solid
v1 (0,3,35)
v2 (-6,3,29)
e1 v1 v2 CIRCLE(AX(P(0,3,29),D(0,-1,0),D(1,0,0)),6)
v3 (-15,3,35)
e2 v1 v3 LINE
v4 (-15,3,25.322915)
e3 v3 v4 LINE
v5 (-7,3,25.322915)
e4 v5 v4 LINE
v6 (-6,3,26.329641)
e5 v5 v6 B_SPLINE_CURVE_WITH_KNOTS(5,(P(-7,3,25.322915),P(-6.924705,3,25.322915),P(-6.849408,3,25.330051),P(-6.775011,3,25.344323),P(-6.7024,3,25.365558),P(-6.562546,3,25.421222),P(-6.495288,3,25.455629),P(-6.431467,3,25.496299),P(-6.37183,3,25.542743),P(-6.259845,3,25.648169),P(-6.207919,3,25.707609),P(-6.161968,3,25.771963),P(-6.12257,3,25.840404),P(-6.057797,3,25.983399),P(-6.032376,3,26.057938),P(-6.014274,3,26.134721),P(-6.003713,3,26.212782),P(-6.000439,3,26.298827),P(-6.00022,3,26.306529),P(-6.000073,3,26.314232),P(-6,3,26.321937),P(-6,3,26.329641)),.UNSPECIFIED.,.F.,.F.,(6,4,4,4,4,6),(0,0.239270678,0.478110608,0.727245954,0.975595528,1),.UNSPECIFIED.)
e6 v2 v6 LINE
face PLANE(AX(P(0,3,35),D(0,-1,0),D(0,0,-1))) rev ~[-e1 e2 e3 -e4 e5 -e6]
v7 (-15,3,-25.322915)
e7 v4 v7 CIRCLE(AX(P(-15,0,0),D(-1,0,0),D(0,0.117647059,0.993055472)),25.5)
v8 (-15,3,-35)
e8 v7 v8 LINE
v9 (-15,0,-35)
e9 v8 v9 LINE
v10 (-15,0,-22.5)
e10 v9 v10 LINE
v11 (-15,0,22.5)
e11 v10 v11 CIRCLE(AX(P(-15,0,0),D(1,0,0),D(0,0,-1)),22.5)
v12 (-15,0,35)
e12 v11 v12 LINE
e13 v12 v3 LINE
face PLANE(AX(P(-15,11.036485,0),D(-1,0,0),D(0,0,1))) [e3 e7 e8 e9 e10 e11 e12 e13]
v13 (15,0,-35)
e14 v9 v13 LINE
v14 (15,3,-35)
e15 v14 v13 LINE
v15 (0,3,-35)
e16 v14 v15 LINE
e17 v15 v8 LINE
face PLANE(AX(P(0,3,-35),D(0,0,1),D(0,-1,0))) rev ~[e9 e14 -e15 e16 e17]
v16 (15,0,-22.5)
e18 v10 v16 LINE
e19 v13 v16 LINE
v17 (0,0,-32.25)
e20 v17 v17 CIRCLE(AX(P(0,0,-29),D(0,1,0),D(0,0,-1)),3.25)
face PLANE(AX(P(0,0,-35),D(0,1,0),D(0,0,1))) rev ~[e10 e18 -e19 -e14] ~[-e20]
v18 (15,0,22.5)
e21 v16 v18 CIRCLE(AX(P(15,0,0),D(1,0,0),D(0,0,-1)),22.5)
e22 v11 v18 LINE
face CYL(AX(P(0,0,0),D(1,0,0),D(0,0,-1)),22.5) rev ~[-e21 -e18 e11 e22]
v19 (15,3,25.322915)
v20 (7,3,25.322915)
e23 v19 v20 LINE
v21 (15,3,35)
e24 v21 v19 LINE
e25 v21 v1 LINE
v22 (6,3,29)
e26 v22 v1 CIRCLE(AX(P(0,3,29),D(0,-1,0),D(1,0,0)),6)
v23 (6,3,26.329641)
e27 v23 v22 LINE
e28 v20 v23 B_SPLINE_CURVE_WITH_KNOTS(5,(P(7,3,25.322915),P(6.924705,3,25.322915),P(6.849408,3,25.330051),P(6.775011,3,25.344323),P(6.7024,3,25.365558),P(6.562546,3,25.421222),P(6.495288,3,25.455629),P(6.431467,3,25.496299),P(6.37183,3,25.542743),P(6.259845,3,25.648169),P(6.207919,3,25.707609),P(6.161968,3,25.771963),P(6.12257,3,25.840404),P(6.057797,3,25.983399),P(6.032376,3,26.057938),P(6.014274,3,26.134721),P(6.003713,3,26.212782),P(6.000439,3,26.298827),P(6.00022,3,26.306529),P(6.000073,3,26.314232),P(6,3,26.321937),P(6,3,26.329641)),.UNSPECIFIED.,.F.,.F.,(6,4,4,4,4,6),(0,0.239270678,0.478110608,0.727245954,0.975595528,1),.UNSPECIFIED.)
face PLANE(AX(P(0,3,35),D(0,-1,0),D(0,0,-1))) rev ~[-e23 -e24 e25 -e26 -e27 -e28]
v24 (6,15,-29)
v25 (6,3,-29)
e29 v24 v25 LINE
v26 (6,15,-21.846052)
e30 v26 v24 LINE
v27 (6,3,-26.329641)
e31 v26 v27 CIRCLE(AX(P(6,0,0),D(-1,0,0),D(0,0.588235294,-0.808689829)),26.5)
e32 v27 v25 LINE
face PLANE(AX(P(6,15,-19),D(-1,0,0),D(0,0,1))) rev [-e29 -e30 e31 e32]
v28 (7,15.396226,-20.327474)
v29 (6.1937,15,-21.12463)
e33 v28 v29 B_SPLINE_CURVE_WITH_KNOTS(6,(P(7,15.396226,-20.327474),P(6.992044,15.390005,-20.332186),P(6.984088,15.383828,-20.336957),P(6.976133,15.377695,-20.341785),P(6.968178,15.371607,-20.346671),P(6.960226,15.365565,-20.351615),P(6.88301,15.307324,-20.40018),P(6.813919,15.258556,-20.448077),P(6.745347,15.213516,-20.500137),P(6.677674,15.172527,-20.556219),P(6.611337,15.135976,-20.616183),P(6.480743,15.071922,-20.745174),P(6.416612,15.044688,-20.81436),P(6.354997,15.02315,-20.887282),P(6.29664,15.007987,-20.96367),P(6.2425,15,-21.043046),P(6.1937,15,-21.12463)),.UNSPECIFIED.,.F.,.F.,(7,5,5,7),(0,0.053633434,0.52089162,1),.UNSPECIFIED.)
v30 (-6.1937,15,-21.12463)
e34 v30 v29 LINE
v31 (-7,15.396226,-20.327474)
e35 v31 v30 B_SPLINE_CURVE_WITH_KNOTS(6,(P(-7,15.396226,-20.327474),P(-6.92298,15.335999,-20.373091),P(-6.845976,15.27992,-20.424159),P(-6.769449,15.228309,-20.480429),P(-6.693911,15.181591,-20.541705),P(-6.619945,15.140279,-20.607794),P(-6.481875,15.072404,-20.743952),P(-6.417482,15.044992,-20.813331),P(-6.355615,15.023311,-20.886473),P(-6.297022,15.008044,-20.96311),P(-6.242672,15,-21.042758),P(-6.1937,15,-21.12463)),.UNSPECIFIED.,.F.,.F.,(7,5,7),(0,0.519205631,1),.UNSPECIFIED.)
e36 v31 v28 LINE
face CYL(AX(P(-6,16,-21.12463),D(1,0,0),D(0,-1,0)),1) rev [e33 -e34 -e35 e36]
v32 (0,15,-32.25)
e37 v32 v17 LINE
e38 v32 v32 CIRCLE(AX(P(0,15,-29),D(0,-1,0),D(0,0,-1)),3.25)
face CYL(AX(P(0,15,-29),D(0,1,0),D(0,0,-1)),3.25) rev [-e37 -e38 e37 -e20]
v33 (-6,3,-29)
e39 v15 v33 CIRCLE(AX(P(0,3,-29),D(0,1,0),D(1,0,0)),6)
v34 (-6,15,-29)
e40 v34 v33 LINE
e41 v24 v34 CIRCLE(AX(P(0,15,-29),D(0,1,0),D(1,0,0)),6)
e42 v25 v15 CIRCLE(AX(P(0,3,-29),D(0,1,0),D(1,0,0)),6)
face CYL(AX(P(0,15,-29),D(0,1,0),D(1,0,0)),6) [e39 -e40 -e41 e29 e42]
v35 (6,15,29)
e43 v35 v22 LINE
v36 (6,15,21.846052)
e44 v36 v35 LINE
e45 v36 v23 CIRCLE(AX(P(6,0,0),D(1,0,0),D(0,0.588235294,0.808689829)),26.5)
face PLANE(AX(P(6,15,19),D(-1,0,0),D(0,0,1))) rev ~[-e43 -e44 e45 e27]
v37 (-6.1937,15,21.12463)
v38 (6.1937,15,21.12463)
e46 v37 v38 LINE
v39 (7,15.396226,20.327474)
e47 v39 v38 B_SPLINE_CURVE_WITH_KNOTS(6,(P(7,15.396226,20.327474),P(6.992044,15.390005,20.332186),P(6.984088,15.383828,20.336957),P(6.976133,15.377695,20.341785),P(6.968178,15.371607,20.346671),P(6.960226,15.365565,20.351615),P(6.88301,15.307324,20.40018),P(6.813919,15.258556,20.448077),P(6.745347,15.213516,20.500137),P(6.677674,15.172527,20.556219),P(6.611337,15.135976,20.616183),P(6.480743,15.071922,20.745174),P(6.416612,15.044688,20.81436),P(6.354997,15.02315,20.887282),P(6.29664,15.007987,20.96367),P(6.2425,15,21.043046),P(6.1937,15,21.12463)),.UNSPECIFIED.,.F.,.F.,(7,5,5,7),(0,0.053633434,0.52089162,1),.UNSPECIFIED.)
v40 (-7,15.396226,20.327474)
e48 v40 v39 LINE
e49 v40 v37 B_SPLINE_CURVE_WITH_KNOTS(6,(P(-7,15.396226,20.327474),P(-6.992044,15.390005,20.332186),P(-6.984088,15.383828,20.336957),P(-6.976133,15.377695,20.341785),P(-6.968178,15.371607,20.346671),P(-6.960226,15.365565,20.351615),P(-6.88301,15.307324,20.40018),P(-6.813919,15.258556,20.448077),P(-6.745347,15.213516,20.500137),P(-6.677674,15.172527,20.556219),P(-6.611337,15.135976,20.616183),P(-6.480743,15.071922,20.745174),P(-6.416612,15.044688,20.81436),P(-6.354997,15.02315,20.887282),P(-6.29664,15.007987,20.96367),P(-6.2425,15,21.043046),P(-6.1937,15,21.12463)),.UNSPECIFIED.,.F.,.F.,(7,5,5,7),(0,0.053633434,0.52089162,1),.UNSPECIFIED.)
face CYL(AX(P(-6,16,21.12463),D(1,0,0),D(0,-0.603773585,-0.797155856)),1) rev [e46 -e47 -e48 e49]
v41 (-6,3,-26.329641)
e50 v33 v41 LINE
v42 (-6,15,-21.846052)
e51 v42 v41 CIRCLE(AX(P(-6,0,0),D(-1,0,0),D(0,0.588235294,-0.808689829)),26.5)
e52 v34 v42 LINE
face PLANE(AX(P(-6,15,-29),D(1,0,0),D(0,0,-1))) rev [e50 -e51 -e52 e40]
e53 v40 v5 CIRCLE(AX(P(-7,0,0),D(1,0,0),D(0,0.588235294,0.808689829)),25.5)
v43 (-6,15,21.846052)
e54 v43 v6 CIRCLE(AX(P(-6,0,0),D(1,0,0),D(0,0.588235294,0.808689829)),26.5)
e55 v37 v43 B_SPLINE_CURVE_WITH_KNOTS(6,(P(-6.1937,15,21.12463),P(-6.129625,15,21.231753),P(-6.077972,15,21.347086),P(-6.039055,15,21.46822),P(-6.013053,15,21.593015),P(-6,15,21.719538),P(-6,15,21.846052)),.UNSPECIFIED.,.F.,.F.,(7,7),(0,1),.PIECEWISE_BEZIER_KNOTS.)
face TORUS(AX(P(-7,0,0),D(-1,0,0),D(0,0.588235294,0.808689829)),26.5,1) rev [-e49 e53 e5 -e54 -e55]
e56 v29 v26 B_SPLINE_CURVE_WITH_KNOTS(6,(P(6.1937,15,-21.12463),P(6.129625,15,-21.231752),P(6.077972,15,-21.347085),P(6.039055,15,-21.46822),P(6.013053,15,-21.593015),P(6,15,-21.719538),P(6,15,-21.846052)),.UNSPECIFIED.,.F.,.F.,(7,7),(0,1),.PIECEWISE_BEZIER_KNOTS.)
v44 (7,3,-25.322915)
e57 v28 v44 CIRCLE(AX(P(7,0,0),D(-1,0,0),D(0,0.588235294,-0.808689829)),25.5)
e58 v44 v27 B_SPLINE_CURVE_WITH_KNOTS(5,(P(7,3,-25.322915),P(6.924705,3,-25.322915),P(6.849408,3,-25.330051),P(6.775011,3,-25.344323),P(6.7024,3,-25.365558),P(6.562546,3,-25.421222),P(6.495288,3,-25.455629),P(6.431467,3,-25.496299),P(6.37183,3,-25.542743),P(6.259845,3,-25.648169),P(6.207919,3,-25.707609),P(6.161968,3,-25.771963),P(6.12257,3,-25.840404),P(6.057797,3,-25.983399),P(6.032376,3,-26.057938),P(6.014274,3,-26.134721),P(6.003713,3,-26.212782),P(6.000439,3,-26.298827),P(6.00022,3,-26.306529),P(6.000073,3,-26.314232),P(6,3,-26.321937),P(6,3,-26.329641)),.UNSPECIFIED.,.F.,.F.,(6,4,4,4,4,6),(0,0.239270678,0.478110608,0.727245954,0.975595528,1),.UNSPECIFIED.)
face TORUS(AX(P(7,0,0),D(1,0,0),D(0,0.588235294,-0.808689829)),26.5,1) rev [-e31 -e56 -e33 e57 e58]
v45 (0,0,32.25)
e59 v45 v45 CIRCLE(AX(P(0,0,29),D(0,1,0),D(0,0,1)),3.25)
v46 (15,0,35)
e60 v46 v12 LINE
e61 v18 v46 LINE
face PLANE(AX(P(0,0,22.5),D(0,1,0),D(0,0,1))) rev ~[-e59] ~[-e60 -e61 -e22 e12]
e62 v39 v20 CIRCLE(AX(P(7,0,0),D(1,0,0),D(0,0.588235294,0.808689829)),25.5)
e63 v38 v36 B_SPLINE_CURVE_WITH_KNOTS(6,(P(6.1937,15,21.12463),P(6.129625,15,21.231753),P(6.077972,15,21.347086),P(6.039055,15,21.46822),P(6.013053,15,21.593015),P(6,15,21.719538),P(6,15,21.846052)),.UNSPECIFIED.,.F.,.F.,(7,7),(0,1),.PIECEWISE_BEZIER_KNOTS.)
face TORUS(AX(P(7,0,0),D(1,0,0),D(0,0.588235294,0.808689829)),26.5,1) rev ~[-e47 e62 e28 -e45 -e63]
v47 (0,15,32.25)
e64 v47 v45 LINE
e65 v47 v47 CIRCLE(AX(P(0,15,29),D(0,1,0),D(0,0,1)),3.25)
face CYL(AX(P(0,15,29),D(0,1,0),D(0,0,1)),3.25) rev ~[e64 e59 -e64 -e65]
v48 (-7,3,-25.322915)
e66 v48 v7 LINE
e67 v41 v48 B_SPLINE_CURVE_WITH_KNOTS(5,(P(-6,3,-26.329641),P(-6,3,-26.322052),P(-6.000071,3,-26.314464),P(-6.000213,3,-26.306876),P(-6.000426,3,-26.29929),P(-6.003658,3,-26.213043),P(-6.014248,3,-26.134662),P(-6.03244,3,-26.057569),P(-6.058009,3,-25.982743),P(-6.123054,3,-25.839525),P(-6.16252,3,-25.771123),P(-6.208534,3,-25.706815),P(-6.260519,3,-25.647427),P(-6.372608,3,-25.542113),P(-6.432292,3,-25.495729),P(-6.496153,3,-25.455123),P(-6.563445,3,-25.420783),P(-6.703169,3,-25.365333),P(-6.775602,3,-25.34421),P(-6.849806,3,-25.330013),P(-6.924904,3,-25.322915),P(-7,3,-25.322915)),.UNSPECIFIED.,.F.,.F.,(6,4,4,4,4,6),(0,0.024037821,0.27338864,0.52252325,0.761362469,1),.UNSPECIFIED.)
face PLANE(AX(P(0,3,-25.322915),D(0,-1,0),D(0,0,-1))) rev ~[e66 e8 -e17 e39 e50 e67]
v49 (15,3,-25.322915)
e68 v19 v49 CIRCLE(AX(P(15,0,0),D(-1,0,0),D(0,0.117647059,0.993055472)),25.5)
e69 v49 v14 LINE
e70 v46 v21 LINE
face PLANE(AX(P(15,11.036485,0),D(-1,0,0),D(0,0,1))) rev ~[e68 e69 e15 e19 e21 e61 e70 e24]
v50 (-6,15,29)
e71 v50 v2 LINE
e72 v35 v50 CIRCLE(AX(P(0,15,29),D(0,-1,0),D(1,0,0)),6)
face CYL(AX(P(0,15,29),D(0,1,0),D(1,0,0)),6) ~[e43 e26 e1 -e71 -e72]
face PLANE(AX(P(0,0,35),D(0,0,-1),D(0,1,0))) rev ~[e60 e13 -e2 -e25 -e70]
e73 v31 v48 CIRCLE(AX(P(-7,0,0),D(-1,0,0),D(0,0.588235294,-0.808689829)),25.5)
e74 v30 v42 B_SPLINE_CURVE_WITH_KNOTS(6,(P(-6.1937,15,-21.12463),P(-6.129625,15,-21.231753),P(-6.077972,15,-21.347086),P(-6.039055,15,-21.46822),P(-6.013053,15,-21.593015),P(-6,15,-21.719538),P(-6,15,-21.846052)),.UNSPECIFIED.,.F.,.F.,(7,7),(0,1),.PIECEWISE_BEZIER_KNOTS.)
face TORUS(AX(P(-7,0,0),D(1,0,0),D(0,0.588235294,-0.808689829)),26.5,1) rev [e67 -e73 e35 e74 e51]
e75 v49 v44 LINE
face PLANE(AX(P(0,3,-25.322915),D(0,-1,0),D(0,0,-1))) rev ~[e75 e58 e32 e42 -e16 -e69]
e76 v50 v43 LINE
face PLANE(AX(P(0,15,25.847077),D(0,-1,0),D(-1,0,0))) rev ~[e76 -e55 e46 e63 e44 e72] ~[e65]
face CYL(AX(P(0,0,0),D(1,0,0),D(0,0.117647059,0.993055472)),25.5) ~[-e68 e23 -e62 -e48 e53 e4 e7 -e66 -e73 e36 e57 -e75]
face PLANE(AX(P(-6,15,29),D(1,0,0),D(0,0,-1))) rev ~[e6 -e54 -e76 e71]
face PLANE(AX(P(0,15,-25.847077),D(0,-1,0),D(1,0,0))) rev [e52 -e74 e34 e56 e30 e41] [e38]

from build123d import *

# Parameters (mm, degrees)
BOSS_EXTRUDE1_DEPTH = 15
BOSS_EXTRUDE2_REACH = 42.927
SKETCH3_R           = 3.25
CUT_EXTRUDE1_DEPTH  = 41.926763859
FILLET1_R           = 1


with BuildPart() as part:
    # Sketch1 → Boss-Extrude1 (new, symmetric)
    with BuildSketch(Plane(origin=(0, 0, 0), x_dir=(0, 0, -1), z_dir=(1, 0, 0))):
        with BuildLine():
            Line((-22.5, 0), (-35, 0))
            Line((-35, 0), (-35, 3))
            Line((-35, 3), (-25.322914524, 3))
            ThreePointArc((-25.322914524, 3), (0, 25.5), (25.322914524, 3))
            Line((25.322914524, 3), (35, 3))
            Line((35, 3), (35, 0))
            Line((35, 0), (22.5, 0))
            ThreePointArc((22.5, 0), (0, 22.5), (-22.5, 0))
        make_face()
    extrude(amount=BOSS_EXTRUDE1_DEPTH, both=True)

    # Sketch2 → Boss-Extrude2 (add, up to next)
    with BuildSketch(Plane(origin=(0, 15, 0), x_dir=(1, 0, 0), z_dir=(0, 1, 0)), mode=Mode.PRIVATE) as boss_extrude2_sk1:
        with BuildLine():
            Line((-6, -29), (-6, -19))
            Line((-6, -19), (6, -19))
            Line((6, -19), (6, -29))
            ThreePointArc((6, -29), (0, -35), (-6, -29))
        make_face()
    boss_extrude2_tool1 = extrude(boss_extrude2_sk1.sketch, amount=-BOSS_EXTRUDE2_REACH, mode=Mode.PRIVATE) - part.part
    boss_extrude2 = boss_extrude2_tool1.solids().sort_by_distance((0, 15, 26.417143))[0]
    add(boss_extrude2)

    # Sketch3 → Cut-Extrude1 (cut, through all)
    with BuildSketch(Plane(origin=(0, 15, 0), x_dir=(1, 0, 0), z_dir=(0, 1, 0))):
        with Locations(Location((0, -29, 0), (0, 0, 270))):
            Circle(SKETCH3_R)
    cut_extrude1 = extrude(amount=-CUT_EXTRUDE1_DEPTH, mode=Mode.SUBTRACT)

    # Mirror1: Boss-Extrude2, Cut-Extrude1 across plane
    add(boss_extrude2.mirror(Plane.XY))
    add(cut_extrude1.mirror(Plane.XY), mode=Mode.SUBTRACT)

    # Fillet1
    fillet1_edges = [part.edges().sort_by_distance(p)[0] for p in [
        (-6, 9.301914405, 23.742880794),
        (6, 9.301914405, 23.742880794),
        (0, 15, 20.621590627),
        (-6, 9.301914405, -23.742880794),
        (6, 9.301914405, -23.742880794),
        (0, 15, -20.621590627),
    ]]
    fillet(fillet1_edges, radius=FILLET1_R)


solid = part.part
